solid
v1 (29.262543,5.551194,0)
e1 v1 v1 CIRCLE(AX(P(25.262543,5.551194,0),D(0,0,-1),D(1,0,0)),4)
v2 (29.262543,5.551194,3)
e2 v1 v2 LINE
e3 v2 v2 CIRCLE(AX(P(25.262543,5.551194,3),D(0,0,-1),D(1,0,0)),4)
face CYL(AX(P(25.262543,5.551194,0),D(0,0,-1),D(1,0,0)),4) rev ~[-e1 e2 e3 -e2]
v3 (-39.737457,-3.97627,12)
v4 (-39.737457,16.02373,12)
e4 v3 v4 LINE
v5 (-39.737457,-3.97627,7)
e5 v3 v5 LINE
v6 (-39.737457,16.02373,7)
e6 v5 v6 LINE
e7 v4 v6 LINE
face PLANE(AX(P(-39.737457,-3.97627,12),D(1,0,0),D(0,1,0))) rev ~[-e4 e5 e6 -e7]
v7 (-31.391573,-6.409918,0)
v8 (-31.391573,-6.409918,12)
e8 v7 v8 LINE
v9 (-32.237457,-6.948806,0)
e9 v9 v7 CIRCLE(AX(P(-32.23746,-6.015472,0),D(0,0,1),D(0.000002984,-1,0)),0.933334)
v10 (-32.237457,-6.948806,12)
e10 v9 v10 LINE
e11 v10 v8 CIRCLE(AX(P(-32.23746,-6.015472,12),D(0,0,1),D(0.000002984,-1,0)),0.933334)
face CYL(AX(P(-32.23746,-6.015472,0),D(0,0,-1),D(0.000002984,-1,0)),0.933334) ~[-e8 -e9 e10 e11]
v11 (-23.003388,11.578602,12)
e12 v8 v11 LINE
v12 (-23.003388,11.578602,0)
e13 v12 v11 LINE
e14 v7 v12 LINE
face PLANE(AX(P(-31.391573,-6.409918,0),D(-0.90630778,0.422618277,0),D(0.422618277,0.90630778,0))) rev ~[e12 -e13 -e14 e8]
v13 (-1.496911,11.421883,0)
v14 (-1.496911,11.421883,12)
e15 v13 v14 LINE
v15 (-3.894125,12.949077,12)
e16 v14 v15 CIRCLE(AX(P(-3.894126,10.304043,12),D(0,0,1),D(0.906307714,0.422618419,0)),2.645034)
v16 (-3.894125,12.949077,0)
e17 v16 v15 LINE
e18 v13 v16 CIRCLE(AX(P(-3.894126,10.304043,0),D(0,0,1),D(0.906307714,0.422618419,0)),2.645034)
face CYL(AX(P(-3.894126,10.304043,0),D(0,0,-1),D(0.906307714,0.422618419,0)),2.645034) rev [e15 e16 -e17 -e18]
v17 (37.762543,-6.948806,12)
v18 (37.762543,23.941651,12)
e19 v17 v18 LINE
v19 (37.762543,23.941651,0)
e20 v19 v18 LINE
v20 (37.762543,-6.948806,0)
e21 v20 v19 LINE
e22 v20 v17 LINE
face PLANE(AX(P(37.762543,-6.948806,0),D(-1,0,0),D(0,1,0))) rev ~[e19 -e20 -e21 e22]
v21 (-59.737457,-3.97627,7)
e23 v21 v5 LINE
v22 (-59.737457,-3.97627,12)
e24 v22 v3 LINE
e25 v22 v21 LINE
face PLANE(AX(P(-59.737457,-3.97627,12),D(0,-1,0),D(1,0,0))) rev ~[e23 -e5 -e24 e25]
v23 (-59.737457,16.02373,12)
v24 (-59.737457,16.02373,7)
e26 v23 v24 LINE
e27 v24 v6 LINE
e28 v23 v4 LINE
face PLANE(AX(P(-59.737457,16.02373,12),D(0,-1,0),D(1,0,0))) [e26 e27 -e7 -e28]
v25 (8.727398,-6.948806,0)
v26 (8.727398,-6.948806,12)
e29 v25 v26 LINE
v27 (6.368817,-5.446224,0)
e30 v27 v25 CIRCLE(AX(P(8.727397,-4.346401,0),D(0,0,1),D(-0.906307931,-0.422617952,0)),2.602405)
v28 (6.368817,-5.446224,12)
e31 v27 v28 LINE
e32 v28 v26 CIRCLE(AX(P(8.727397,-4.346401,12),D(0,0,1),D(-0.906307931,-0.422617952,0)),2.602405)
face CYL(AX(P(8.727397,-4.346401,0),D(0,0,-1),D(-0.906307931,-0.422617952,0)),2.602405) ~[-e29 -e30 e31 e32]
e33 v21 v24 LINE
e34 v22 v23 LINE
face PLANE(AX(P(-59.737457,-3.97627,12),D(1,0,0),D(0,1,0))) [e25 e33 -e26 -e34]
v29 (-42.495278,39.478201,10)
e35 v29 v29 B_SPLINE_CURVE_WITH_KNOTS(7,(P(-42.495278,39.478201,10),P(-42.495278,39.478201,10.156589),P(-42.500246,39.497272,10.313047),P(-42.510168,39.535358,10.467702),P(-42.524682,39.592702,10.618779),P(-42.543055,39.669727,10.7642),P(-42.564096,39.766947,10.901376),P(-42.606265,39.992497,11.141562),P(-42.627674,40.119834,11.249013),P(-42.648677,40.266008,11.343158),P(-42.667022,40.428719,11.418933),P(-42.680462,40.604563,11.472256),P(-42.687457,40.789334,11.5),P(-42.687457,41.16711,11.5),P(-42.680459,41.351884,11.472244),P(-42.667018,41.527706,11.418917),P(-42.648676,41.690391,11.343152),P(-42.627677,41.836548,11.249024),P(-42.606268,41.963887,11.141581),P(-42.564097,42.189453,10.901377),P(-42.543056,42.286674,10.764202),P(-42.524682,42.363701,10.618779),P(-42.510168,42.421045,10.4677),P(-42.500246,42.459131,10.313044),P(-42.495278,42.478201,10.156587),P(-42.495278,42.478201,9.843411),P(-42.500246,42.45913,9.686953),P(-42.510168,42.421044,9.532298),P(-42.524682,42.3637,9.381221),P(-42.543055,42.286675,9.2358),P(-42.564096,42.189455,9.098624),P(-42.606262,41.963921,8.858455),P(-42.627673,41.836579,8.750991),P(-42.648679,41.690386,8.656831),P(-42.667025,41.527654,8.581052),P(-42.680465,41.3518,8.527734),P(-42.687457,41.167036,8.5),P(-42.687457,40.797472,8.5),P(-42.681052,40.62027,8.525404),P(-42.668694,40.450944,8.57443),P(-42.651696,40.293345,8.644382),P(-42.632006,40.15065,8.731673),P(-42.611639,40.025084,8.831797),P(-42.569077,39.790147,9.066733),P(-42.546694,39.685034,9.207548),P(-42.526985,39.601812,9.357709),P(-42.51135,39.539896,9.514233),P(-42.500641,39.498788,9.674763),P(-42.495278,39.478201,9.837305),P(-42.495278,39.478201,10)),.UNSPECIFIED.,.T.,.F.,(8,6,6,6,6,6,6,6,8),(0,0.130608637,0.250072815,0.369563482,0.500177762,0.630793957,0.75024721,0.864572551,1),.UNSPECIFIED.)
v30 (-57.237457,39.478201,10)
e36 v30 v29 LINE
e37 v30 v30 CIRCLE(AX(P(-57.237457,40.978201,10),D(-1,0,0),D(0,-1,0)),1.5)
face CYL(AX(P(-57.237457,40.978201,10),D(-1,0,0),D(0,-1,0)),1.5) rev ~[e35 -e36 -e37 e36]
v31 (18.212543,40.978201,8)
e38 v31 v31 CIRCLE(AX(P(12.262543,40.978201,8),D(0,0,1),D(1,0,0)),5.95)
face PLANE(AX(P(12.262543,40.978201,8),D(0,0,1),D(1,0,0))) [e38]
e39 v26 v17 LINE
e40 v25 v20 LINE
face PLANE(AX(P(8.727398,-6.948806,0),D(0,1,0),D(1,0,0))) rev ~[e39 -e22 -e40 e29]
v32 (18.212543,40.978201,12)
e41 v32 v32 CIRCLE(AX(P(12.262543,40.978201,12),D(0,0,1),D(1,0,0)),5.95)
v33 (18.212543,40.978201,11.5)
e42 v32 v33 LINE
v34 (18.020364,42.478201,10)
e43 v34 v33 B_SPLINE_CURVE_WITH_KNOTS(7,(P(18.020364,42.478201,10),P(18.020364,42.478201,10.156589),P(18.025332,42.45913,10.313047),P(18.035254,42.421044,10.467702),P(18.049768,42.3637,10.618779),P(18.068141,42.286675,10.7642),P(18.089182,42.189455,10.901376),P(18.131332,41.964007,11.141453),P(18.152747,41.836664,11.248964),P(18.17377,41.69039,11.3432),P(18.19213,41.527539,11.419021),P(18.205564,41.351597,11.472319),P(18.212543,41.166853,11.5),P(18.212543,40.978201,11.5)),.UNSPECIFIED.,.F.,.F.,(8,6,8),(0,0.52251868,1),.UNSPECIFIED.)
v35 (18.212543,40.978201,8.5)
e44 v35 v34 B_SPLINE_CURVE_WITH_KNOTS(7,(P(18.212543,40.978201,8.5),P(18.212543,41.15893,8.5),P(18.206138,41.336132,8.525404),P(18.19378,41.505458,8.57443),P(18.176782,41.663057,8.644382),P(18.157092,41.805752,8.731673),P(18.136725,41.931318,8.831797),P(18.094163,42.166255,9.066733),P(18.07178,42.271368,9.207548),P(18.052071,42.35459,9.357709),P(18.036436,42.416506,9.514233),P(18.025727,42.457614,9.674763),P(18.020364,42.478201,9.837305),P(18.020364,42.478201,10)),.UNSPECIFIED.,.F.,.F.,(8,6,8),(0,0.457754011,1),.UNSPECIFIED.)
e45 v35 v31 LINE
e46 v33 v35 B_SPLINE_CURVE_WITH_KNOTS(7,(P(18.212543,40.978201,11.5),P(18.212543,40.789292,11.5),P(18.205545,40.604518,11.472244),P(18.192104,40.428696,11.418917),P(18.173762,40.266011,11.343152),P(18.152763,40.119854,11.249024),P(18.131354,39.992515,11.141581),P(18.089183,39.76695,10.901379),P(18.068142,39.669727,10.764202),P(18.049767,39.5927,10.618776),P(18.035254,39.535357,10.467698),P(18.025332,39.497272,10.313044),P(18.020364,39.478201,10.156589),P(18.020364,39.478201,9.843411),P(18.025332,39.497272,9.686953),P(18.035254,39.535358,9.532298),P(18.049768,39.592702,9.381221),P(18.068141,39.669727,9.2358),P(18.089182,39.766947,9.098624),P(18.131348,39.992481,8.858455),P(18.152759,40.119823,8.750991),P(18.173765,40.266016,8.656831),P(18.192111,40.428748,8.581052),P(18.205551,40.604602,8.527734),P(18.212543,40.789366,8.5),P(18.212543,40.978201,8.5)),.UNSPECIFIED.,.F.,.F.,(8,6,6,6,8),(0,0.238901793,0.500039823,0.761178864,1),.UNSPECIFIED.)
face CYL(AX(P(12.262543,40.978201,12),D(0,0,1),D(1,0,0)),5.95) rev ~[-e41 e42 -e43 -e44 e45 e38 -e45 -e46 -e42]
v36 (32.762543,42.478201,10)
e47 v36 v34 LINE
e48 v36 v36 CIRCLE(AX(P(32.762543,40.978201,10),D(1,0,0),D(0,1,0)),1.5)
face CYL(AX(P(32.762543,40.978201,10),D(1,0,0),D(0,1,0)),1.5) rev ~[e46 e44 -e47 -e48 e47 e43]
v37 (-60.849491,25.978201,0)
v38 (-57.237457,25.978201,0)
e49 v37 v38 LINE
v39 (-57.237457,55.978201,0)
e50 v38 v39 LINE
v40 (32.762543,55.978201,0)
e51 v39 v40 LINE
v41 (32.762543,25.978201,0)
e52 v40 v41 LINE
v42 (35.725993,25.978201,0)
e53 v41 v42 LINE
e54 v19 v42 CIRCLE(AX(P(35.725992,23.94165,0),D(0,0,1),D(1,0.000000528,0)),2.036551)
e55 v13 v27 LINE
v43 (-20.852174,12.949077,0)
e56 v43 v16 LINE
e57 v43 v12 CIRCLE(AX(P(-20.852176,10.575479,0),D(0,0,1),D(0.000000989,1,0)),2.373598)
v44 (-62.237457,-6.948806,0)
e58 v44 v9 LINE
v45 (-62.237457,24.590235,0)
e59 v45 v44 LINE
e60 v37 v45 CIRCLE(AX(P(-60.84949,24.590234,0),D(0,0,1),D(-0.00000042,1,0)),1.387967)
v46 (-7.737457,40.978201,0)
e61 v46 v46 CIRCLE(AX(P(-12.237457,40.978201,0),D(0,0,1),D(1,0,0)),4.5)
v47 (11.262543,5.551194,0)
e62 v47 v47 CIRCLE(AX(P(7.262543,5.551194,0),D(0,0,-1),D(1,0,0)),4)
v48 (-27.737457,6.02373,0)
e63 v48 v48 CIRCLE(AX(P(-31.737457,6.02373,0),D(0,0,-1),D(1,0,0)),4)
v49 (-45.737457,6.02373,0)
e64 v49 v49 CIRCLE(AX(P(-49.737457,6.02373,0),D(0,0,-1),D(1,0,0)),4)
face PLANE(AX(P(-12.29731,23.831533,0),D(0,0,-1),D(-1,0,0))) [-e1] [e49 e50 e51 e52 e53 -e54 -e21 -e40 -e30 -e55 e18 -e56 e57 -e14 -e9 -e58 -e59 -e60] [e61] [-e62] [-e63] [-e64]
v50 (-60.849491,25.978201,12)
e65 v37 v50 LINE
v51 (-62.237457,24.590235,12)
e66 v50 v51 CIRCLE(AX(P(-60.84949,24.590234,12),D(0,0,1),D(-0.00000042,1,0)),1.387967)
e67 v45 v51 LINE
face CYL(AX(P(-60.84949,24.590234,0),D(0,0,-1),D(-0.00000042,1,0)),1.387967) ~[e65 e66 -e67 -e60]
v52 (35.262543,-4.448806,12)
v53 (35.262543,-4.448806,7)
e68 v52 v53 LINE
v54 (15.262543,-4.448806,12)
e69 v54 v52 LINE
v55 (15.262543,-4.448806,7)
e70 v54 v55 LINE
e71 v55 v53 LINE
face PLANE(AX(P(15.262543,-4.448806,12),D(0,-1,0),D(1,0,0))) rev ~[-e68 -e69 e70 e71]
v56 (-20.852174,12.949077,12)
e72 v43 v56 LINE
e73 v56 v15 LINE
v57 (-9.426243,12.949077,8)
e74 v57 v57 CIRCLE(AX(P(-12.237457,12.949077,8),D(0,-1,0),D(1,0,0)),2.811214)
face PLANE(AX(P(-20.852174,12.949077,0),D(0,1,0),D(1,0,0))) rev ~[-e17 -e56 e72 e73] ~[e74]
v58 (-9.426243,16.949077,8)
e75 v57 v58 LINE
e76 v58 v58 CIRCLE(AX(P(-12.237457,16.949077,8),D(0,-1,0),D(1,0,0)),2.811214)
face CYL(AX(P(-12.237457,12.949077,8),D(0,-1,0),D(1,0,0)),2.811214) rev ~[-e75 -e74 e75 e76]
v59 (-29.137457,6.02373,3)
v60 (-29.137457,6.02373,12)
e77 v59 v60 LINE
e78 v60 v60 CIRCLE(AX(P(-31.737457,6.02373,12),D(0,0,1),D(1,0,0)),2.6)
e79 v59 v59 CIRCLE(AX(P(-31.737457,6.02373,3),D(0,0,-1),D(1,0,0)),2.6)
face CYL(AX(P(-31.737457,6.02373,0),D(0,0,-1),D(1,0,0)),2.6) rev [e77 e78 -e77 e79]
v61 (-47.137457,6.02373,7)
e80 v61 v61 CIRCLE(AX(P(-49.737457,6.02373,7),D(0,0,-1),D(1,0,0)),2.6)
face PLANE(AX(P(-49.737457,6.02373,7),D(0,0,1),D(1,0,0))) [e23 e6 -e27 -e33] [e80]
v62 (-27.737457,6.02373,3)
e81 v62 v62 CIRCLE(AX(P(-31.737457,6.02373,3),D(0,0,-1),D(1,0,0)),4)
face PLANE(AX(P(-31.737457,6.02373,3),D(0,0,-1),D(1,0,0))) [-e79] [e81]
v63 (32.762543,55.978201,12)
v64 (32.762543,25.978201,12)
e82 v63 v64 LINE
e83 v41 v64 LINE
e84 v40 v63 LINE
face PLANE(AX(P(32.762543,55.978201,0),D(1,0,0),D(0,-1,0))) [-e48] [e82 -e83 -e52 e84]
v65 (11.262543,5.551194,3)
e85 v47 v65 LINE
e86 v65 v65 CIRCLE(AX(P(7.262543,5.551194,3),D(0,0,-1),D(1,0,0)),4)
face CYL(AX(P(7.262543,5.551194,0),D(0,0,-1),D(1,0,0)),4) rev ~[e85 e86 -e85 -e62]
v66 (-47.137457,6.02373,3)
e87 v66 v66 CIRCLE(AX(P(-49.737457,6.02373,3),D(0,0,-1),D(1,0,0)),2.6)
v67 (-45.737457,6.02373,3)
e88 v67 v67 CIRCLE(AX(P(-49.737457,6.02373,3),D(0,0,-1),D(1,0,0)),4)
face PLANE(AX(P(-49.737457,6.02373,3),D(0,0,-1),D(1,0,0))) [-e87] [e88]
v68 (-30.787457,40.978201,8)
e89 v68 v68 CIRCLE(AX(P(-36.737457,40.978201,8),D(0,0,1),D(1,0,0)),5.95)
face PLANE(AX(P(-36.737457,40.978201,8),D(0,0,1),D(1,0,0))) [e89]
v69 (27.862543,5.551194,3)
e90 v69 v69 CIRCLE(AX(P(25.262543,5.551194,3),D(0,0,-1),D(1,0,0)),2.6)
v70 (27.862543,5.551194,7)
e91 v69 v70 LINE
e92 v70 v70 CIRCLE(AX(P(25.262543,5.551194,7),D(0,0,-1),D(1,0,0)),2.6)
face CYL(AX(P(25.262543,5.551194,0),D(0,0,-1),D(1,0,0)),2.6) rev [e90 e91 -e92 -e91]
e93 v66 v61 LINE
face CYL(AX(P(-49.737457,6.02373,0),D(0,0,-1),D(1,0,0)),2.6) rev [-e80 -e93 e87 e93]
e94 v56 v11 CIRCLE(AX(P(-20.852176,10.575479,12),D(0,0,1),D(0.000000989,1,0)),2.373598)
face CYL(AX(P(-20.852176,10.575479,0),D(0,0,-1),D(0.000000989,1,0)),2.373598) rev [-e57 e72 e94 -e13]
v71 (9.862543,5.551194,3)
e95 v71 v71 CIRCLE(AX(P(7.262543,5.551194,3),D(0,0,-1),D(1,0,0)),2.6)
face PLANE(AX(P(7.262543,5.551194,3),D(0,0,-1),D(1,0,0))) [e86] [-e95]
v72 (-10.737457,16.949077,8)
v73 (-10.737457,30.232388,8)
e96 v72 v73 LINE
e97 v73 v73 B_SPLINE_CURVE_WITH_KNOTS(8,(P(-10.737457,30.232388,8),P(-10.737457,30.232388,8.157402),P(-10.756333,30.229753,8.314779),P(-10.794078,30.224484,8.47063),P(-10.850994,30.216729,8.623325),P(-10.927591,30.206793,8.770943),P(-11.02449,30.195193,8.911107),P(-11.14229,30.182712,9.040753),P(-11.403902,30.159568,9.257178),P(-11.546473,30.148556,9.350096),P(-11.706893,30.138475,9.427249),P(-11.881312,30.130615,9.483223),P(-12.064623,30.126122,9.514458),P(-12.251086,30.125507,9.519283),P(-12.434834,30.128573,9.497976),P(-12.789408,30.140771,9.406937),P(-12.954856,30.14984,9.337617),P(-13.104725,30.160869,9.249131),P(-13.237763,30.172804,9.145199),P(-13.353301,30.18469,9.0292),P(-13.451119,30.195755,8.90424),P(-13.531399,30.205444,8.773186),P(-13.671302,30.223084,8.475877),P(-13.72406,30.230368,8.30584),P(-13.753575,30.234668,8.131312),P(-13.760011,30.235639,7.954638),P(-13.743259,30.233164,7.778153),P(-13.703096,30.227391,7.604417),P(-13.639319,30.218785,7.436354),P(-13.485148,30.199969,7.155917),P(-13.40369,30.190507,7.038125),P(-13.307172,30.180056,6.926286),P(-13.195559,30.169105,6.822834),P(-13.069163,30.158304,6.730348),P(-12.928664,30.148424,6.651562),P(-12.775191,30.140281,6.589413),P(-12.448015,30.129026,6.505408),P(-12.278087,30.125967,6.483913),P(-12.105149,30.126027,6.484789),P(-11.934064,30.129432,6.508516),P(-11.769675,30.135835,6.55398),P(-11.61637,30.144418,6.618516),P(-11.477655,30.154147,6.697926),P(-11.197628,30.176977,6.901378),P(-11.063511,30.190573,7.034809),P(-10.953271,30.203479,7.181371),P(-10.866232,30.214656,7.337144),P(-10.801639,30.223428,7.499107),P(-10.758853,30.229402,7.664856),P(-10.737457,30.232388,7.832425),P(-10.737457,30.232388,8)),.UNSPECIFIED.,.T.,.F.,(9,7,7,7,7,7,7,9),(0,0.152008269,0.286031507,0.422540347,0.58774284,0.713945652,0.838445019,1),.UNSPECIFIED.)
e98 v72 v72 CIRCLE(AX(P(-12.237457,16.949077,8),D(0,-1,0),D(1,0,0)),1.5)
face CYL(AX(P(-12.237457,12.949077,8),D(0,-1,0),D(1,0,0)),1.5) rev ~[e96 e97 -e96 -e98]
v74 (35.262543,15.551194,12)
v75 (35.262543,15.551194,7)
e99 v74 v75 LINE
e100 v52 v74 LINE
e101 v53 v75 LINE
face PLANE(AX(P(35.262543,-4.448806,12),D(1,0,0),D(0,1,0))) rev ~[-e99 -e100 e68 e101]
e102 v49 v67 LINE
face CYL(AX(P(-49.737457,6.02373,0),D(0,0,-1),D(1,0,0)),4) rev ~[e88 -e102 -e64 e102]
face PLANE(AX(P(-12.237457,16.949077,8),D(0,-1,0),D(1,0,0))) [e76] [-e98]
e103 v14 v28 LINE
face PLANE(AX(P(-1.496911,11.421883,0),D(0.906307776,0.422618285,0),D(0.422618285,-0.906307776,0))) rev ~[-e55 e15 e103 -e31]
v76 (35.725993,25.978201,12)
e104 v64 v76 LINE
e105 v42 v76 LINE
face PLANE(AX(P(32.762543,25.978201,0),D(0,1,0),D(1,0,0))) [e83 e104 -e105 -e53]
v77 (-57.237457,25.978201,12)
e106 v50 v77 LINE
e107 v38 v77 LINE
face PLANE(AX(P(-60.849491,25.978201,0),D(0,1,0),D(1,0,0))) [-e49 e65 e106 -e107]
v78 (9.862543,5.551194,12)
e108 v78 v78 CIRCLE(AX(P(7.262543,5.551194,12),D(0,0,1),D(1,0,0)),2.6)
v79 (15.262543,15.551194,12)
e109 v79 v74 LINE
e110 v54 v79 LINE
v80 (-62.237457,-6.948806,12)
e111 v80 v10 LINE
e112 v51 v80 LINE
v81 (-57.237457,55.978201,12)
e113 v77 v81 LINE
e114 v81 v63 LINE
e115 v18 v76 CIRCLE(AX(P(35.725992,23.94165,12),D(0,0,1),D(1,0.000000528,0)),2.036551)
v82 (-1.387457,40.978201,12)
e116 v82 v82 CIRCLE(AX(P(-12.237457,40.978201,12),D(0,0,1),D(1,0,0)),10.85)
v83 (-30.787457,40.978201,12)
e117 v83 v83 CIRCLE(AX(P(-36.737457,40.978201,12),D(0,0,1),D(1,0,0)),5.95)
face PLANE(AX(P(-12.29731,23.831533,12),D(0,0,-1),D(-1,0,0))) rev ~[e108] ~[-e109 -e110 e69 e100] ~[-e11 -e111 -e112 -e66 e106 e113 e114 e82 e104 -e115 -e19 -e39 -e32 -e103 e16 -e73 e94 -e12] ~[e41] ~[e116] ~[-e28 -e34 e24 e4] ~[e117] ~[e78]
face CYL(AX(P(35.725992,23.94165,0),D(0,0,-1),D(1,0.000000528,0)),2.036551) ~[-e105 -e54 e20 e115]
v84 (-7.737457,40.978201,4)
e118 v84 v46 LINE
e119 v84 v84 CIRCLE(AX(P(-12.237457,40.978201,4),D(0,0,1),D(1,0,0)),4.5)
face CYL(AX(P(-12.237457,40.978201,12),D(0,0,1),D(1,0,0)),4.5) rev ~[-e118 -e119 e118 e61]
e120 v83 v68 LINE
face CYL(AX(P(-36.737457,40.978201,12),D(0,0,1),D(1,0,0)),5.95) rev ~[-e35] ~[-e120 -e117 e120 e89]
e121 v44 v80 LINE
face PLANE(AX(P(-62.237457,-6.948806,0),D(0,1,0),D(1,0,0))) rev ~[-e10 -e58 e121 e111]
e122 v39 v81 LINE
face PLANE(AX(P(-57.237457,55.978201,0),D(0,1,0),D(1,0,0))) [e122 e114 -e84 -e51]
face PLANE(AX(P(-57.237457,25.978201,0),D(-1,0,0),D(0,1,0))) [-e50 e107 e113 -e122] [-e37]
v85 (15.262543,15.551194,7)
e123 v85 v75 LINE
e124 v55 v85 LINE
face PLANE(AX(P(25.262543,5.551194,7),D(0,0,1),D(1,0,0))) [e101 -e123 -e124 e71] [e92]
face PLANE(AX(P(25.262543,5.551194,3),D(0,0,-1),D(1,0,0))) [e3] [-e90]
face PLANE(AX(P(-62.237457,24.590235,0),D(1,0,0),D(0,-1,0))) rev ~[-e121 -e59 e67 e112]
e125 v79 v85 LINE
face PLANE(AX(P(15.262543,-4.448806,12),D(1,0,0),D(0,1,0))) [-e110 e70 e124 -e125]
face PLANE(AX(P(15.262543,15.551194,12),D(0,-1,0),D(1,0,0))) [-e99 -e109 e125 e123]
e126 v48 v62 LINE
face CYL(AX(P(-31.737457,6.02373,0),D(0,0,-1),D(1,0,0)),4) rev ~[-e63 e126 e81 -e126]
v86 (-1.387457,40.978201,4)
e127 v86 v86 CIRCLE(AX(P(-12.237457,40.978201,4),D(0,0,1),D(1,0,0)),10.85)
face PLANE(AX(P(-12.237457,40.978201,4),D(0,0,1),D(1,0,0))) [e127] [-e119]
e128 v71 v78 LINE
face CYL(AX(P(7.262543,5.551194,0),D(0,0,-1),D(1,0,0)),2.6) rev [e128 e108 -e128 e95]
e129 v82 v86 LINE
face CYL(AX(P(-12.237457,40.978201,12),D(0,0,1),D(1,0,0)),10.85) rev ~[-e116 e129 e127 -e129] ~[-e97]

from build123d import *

# Parameters (mm, degrees)
SKETCH_R        = 2.6
PAD_DEPTH       = 12
SKETCH001_W     = 20
SKETCH001_H     = 20
POCKET_DEPTH    = 5
SKETCH002_R     = 4.5
POCKET001_DEPTH = 12
SKETCH003_R     = 10.85
POCKET002_DEPTH = 8
SKETCH004_R     = 5.95
POCKET003_DEPTH = 4
SKETCH005_R     = 1.5
POCKET004_DEPTH = 19
SKETCH006_R     = 2.811214
POCKET005_DEPTH = 4
SKETCH007_R     = 4
POCKET006_DEPTH = 3
SKETCH008_R     = 1.5
POCKET007_DEPTH = 16
SKETCH009_R     = 1.5
POCKET008_DEPTH = 16


with BuildPart() as part:
    # Sketch → Pad (new body)
    with BuildSketch(Plane.XY):
        with BuildLine():
            Line((-57.237457, 55.978201), (32.762543, 55.978201))
            Line((32.762543, 55.978201), (32.762543, 25.978201))
            Line((32.762543, 25.978201), (35.725993, 25.978201))
            ThreePointArc((37.762543, 23.941651), (37.166051, 25.381709), (35.725993, 25.978201))
            Line((37.762543, 23.941651), (37.762543, 20.978201))
            Line((37.762543, -6.948806), (37.762543, 20.978201))
            Line((8.727398, -6.948806), (37.762543, -6.948806))
            ThreePointArc((6.368817, -5.446224), (7.329126, -6.541247), (8.727398, -6.948806))
            Line((-1.496911, 11.421883), (6.368817, -5.446224))
            ThreePointArc((-1.496911, 11.421883), (-2.47295, 12.534842), (-3.894125, 12.949077))
            Line((-20.852174, 12.949077), (-3.894125, 12.949077))
            ThreePointArc((-20.852174, 12.949077), (-22.12751, 12.577351), (-23.003388, 11.578602))
            Line((-31.391573, -6.409918), (-23.003388, 11.578602))
            ThreePointArc((-32.237457, -6.948806), (-31.73598, -6.802638), (-31.391573, -6.409918))
            Line((-62.237457, -6.948806), (-32.237457, -6.948806))
            Line((-62.237457, 17.407665), (-62.237457, -6.948806))
            Line((-62.237457, 17.407665), (-62.237457, 24.590235))
            ThreePointArc((-60.849491, 25.978201), (-61.830931, 25.571675), (-62.237457, 24.590235))
            Line((-60.849491, 25.978201), (-57.237457, 25.978201))
            Line((-57.237457, 25.978201), (-57.237457, 55.978201))
        make_face()
        with Locations((-49.737457, 6.02373)):
            Circle(SKETCH_R, mode=Mode.SUBTRACT)
        with Locations((-31.737457, 6.02373)):
            Circle(SKETCH_R, mode=Mode.SUBTRACT)
        with Locations((25.262543, 5.551194)):
            Circle(SKETCH_R, mode=Mode.SUBTRACT)
        with Locations((7.262543, 5.551194)):
            Circle(SKETCH_R, mode=Mode.SUBTRACT)
    extrude(amount=PAD_DEPTH)

    # Sketch001 (on Face26 of Pad) → Pocket (cut)
    with BuildSketch(Plane.XY.offset(12)):
        with Locations((-49.737457, 6.02373)):
            Rectangle(SKETCH001_W, SKETCH001_H)
        with Locations((25.262543, 5.551194)):
            Rectangle(SKETCH001_W, SKETCH001_H)
    extrude(amount=-POCKET_DEPTH, mode=Mode.SUBTRACT)

    # Sketch002 (on Face5 of Pocket) → Pocket001 (cut)
    with BuildSketch(Plane.XY.offset(12)):
        with Locations((-12.237457, 40.978201)):
            Circle(SKETCH002_R)
    extrude(amount=-POCKET001_DEPTH, mode=Mode.SUBTRACT)

    # Sketch003 (on Face5 of Pocket001) → Pocket002 (cut)
    with BuildSketch(Plane.XY.offset(12)):
        with Locations((-12.237457, 40.978201)):
            Circle(SKETCH003_R)
    extrude(amount=-POCKET002_DEPTH, mode=Mode.SUBTRACT)

    # Sketch004 (on Face5 of Pocket002) → Pocket003 (cut)
    with BuildSketch(Plane.XY.offset(12)):
        with Locations((-36.737457, 40.978201)):
            Circle(SKETCH004_R)
        with Locations((12.262543, 40.978201)):
            Circle(SKETCH004_R)
    extrude(amount=-POCKET003_DEPTH, mode=Mode.SUBTRACT)

    # Sketch005 (on Face18 of Pocket003) → Pocket004 (cut)
    with BuildSketch(Plane.XZ.offset(-12.949077)):
        with Locations((-12.237457, 8)):
            Circle(SKETCH005_R)
    extrude(amount=-POCKET004_DEPTH, mode=Mode.SUBTRACT)

    # Sketch006 (on Face18 of Pocket004) → Pocket005 (cut)
    with BuildSketch(Plane.XZ.offset(-12.949077)):
        with Locations((-12.237457, 8)):
            Circle(SKETCH006_R)
    extrude(amount=-POCKET005_DEPTH, mode=Mode.SUBTRACT)

    # Sketch007 (on Face4 of Pocket005) → Pocket006 (cut)
    with BuildSketch(Plane(origin=(0, 0, 0), x_dir=(1, 0, 0), z_dir=(0, 0, -1))):
        with Locations((-49.737457, -6.02373)):
            Circle(SKETCH007_R)
        with Locations((-31.737457, -6.02373)):
            Circle(SKETCH007_R)
        with Locations((7.262543, -5.551194)):
            Circle(SKETCH007_R)
        with Locations((25.262543, -5.551194)):
            Circle(SKETCH007_R)
    extrude(amount=-POCKET006_DEPTH, mode=Mode.SUBTRACT)

    # Sketch008 (on Face9 of Pocket006) → Pocket007 (cut)
    with BuildSketch(Plane.YZ.offset(32.762543)):
        with Locations((40.978201, 10)):
            Circle(SKETCH008_R)
    extrude(amount=-POCKET007_DEPTH, mode=Mode.SUBTRACT)

    # Sketch009 (on Face3 of Pocket007) → Pocket008 (cut)
    with BuildSketch(Plane(origin=(-57.237457, 0, 0), x_dir=(0, -1, 0), z_dir=(-1, 0, 0))):
        with Locations((-40.978201, 10)):
            Circle(SKETCH009_R)
    extrude(amount=-POCKET008_DEPTH, mode=Mode.SUBTRACT)


solid = part.part
